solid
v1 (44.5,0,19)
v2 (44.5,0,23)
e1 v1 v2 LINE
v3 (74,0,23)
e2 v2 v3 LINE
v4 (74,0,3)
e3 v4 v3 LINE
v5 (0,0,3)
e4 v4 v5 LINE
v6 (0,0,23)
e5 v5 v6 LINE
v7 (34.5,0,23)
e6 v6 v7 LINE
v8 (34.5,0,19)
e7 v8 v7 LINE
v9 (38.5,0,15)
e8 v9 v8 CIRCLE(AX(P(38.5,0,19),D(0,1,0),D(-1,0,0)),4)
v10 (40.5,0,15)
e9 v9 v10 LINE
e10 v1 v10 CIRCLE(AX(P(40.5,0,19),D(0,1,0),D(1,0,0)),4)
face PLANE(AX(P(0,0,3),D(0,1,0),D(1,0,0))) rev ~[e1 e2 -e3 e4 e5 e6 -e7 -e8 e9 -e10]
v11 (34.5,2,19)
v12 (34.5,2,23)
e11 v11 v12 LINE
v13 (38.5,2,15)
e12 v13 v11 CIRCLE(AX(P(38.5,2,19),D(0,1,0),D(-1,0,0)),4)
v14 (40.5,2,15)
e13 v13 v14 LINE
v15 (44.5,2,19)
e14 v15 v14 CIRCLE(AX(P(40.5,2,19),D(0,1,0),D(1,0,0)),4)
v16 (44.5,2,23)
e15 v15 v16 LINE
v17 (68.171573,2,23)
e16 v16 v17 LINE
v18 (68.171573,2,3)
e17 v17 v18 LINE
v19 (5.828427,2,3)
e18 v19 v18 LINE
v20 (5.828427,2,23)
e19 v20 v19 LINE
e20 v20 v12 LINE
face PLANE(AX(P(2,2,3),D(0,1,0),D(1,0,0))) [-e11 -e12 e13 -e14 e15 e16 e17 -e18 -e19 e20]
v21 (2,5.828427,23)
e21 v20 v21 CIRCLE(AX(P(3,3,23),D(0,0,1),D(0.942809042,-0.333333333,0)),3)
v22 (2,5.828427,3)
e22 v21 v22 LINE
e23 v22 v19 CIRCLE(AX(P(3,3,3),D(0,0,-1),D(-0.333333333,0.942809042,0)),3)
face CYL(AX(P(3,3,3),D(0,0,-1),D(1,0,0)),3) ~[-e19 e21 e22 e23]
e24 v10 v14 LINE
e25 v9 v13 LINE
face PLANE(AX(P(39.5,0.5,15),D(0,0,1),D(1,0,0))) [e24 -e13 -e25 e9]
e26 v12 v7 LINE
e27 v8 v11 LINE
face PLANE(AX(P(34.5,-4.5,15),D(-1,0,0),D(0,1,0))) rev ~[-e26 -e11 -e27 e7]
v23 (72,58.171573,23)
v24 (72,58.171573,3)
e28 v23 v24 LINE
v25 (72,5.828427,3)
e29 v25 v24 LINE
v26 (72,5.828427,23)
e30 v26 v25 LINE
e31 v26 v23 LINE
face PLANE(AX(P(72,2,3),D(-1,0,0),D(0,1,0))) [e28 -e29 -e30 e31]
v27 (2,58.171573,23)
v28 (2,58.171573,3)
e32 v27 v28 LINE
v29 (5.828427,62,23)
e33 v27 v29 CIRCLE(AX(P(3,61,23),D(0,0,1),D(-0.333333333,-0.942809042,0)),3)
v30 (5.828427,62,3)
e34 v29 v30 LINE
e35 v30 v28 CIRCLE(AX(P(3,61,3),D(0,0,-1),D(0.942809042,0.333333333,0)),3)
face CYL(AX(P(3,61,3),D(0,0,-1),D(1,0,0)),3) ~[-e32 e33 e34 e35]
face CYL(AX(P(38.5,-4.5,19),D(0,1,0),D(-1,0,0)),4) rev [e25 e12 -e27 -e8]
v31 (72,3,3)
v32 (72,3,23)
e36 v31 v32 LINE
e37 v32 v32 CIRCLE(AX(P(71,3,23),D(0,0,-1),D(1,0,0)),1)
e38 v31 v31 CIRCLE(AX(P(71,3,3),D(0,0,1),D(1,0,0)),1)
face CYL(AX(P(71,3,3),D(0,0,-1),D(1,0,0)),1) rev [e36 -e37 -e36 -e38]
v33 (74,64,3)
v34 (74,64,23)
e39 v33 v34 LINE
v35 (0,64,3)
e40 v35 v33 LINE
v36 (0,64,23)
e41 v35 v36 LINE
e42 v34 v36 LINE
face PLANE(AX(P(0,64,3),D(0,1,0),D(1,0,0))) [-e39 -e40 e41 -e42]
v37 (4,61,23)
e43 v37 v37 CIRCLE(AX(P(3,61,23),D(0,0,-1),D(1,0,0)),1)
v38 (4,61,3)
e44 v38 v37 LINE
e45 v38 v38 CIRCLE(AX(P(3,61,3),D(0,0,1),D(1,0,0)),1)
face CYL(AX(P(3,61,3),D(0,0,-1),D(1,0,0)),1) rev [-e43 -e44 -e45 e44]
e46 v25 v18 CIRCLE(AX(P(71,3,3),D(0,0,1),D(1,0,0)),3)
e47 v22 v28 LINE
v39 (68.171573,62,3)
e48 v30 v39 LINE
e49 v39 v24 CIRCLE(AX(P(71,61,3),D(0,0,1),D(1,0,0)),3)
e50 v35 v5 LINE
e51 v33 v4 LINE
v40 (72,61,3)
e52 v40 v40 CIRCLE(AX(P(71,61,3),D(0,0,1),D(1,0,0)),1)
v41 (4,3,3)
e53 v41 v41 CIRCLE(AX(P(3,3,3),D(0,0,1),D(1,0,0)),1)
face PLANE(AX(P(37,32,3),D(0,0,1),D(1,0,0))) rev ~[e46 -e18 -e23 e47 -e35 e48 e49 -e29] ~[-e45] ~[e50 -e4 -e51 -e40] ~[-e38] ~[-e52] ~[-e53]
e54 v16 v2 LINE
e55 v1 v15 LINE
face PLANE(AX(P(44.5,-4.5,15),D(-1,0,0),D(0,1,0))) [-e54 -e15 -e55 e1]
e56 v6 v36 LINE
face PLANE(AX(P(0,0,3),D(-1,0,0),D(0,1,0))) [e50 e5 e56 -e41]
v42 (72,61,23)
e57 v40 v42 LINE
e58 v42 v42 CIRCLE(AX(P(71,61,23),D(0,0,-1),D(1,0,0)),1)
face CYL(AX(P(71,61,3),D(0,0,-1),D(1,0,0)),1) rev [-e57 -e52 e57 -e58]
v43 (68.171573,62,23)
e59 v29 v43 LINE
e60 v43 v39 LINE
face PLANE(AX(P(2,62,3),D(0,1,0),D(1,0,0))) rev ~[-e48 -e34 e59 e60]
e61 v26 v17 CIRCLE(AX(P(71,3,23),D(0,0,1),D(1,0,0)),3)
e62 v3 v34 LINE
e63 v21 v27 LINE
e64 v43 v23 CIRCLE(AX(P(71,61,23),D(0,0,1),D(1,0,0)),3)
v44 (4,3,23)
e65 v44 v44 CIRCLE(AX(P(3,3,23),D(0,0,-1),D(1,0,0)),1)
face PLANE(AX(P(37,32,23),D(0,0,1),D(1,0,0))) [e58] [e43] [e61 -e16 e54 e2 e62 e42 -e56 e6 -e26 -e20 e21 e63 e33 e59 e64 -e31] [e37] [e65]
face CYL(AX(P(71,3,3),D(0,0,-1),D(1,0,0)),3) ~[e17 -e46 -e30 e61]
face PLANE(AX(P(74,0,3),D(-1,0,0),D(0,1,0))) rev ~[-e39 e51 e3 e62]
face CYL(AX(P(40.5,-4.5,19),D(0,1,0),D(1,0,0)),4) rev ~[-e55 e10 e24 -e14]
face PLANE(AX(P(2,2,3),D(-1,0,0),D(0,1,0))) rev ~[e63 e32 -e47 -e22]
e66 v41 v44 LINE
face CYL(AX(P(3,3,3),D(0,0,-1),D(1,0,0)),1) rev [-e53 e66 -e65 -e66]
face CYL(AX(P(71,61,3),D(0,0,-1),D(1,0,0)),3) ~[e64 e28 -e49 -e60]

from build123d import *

# Parameters (mm, degrees)
BOX010_W          = 10
BOX010_H          = 10
BOX010_DEPTH      = 10
FILLET001_R       = 4
BOX008_W          = 70
BOX008_H          = 60
BOX008_DEPTH      = 20
BOX007_W          = 74
BOX007_H          = 64
BOX007_DEPTH      = 20
CYLINDER007_R     = 1
CYLINDER007_DEPTH = 20
CYLINDER006_R     = 3
CYLINDER006_DEPTH = 20
ARRAY004_X_COUNT  = 2
ARRAY004_X_PITCH  = 68
ARRAY004_Y_COUNT  = 2
ARRAY004_Y_PITCH  = 58


with BuildPart() as fillet001:
    # Box010 → Box010 (new body)
    with BuildSketch(Plane(origin=(34.5, -4.5, 15), x_dir=(1, 0, 0), z_dir=(0, 0, 1))):
        with Locations((5, 5)):
            Rectangle(BOX010_W, BOX010_H)
    extrude(amount=BOX010_DEPTH)

    # Fillet001
    fillet001_edges = [fillet001.edges().sort_by_distance(p)[0] for p in [
        (34.5, 0.5, 15),
        (44.5, 0.5, 15),
    ]]
    fillet(fillet001_edges, radius=FILLET001_R)


with BuildPart() as wall_inner_extraction:
    # Box008 → Box008 (new body)
    with BuildSketch(Plane(origin=(2, 2, 0), x_dir=(1, 0, 0), z_dir=(0, 0, 1))):
        with Locations((35, 30)):
            Rectangle(BOX008_W, BOX008_H)
    extrude(amount=BOX008_DEPTH)


with BuildPart() as wall_box_cut:
    # Box007 → Box007 (new body)
    with BuildSketch(Plane.XY):
        with Locations((37, 32)):
            Rectangle(BOX007_W, BOX007_H)
    extrude(amount=BOX007_DEPTH)

    # Cut004: cut wall inner extraction
    add(wall_inner_extraction.part, mode=Mode.SUBTRACT)


with BuildPart() as wall_box_hole:
    # Cylinder007 → Cylinder007 (new body)
    with BuildSketch(Plane.XY):
        Circle(CYLINDER007_R)
    extrude(amount=CYLINDER007_DEPTH)


with BuildPart() as wall_fusion_cut:
    # Cylinder006 → Cylinder006 (new body)
    with BuildSketch(Plane.XY):
        Circle(CYLINDER006_R)
    extrude(amount=CYLINDER006_DEPTH)

    # Cut005: cut wall box hole
    add(wall_box_hole.part, mode=Mode.SUBTRACT)


with BuildPart() as wall_fusion_cut_1:
    # Cut005 placement: moved
    add(wall_fusion_cut.part.moved(Location((3, 3, 0))))

    # Array004 X: wall fusion cut ×2


with BuildPart() as wall_fusion_cut_2:
    add(wall_fusion_cut_1.part)
    with Locations(*[(i * ARRAY004_X_PITCH, 0, 0) for i in range(1, ARRAY004_X_COUNT)]):
        add(wall_fusion_cut_1.part)

    # Array004 Y: wall fusion cut ×2


with BuildPart() as wall_fusion_cut_3:
    add(wall_fusion_cut_2.part)
    with Locations(*[(0, i * ARRAY004_Y_PITCH, 0) for i in range(1, ARRAY004_Y_COUNT)]):
        add(wall_fusion_cut_2.part)

    # Fusion003: union wall box cut
    add(wall_box_cut.part)


with BuildPart() as wall_fusion_cut_4:
    # Fusion003 placement: moved
    add(wall_fusion_cut_3.part.moved(Location((0, 0, 3))))

    # Cut007: cut Fillet001
    add(fillet001.part, mode=Mode.SUBTRACT)


solid = wall_fusion_cut_4.part
